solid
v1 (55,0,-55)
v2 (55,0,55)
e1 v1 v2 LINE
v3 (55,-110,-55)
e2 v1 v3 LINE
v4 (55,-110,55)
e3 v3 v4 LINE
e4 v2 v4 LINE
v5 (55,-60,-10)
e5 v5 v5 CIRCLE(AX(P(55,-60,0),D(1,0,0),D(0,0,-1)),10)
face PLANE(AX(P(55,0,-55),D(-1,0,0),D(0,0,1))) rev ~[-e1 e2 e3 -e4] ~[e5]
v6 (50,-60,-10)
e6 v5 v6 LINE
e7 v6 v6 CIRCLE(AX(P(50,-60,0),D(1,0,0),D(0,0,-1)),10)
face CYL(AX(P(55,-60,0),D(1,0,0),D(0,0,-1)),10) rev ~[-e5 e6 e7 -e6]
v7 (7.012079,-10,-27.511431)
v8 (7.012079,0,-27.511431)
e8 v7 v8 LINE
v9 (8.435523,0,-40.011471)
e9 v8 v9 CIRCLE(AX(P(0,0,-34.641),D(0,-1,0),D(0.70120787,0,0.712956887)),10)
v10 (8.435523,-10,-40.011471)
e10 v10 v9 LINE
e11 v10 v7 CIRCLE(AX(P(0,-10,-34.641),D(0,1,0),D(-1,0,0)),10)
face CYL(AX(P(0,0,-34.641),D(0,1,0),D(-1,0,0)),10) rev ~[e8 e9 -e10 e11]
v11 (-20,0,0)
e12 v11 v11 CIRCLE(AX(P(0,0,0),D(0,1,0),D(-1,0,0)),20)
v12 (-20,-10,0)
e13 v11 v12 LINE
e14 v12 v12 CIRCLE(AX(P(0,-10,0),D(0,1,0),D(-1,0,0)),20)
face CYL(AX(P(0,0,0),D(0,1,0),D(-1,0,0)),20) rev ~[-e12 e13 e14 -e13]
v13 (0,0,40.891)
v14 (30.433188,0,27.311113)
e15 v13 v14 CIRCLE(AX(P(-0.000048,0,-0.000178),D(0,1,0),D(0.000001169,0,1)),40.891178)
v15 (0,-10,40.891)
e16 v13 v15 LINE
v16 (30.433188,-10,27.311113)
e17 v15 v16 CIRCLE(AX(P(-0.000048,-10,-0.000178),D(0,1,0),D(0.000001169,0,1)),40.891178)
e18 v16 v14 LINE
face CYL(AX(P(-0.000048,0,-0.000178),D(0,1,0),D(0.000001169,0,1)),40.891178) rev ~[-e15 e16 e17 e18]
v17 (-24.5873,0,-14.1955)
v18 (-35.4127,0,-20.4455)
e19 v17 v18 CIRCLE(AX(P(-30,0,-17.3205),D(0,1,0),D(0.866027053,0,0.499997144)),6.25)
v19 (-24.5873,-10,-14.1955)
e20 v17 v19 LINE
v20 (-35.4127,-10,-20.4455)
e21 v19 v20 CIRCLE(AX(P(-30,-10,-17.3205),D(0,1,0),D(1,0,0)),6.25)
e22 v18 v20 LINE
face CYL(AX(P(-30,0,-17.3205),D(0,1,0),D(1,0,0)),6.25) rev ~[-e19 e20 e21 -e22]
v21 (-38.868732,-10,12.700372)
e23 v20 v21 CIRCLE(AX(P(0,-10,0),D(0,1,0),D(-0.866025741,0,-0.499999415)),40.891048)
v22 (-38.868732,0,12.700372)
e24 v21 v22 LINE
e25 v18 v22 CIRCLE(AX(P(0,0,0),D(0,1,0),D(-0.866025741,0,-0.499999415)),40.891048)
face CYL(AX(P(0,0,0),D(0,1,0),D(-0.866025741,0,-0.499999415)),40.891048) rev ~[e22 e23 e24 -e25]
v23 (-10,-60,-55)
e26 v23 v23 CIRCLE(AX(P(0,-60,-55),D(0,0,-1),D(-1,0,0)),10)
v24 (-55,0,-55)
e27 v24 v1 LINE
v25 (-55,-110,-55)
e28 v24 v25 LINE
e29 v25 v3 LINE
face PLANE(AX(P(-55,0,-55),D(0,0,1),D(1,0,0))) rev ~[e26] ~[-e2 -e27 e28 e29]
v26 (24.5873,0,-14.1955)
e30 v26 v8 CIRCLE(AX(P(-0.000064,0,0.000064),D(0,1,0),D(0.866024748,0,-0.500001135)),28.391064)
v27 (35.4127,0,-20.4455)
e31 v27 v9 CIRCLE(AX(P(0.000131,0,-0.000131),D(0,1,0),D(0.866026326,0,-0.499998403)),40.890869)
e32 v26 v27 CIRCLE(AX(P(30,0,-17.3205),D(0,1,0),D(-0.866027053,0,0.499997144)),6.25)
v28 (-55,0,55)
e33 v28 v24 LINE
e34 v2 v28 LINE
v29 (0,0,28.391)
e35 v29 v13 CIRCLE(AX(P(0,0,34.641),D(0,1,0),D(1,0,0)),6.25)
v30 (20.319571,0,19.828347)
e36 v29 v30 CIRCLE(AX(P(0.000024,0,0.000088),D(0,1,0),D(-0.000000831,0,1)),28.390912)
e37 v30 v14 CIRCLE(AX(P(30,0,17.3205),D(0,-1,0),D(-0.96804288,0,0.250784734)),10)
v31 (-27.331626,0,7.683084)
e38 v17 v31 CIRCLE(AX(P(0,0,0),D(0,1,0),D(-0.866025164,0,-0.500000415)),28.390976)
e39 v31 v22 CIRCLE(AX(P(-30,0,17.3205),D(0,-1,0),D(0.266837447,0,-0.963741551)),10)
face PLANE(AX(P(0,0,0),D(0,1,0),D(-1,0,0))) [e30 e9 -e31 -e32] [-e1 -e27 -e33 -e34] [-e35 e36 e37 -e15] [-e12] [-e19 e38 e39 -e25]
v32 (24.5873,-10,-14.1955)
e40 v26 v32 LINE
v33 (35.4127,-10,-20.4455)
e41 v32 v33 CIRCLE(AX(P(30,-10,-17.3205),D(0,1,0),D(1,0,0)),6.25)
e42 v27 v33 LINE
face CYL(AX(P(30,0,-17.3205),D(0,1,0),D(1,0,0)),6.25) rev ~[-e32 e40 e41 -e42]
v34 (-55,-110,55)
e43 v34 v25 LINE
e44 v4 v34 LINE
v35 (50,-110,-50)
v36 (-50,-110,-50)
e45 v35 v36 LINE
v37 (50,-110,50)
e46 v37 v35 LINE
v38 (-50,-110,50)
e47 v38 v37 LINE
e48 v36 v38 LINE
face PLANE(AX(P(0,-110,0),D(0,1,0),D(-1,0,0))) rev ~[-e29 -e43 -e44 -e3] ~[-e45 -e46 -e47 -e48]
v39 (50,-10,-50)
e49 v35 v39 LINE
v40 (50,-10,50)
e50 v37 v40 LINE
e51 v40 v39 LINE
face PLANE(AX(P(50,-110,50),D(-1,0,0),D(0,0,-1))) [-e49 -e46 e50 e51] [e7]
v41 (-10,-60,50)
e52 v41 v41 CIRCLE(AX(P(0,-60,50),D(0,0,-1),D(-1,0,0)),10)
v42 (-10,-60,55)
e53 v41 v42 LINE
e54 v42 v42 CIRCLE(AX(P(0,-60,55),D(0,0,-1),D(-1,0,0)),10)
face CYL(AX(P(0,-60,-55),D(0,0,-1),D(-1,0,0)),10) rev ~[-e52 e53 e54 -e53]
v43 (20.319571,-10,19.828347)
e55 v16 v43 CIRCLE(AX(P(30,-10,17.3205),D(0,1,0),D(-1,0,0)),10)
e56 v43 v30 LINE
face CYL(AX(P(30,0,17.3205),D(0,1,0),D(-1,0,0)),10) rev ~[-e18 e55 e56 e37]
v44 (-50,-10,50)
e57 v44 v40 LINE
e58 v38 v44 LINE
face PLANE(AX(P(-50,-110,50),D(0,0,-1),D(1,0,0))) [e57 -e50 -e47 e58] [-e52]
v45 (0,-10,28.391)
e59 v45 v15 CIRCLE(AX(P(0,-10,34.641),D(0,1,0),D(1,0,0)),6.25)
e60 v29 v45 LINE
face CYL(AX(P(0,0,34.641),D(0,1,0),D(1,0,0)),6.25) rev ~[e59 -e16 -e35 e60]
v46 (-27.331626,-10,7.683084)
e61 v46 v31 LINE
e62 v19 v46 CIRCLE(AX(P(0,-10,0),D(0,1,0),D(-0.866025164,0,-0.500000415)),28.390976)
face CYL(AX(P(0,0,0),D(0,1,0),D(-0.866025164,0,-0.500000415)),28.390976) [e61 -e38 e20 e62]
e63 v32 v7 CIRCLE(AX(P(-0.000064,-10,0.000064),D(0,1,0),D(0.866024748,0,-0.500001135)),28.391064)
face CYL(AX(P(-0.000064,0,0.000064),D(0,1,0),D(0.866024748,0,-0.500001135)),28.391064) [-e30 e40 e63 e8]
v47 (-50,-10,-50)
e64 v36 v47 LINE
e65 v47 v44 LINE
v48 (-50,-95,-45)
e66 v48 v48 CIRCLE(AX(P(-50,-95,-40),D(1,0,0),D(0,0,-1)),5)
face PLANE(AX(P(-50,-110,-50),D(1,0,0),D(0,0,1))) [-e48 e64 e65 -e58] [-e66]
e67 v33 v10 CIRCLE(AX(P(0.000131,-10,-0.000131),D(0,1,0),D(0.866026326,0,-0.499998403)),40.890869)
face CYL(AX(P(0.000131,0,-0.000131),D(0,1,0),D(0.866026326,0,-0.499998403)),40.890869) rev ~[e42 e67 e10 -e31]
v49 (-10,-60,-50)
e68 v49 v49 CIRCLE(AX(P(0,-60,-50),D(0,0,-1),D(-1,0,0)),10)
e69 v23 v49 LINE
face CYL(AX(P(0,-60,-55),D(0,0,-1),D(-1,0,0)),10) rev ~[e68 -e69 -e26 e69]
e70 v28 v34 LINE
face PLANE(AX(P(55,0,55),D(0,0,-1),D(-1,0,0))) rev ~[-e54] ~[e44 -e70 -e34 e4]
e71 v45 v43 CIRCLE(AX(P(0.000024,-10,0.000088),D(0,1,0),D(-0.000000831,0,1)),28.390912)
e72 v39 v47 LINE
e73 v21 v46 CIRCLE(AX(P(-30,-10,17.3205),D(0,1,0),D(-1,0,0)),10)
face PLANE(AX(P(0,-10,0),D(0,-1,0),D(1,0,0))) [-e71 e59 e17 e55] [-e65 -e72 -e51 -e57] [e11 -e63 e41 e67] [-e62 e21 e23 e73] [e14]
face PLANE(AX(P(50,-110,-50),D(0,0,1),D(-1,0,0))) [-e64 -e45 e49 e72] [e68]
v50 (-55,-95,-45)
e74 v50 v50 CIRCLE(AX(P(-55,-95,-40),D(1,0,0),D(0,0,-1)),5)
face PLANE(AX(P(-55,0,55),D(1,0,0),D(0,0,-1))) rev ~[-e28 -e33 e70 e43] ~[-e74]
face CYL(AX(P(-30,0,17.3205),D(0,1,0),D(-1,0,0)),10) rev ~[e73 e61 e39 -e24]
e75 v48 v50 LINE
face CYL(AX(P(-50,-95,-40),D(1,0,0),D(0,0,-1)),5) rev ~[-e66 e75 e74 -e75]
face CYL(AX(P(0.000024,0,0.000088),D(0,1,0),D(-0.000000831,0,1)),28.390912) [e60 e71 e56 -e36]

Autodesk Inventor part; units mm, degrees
ref_plane "YZ Plane" through (0, 0, 0) normal (1, 0, 0) x (0, 1, 0)
ref_plane "XZ Plane" through (0, 0, 0) normal (0, 1, 0) x (-1, 0, 0)
ref_plane "XY Plane" through (0, 0, 0) normal (0, 0, 1) x (1, 0, 0)
sketch "Sketch1" plane through (0, 0, 0) normal (0, 1, 0) x (-1, 0, 0)
  line L0 (0, -34.641) -> (30, 17.3205) construction
  line L1 (30, 17.3205) -> (-30, 17.3205) construction
  line L2 (-30, 17.3205) -> (0, -34.641) construction
  circle A0 centre (0, 0) radius 34.641 construction
  circle A1 centre (0, -34.641) radius 10
  circle A2 centre (-30, 17.3205) radius 10
  circle A3 centre (30, 17.3205) radius 10
  circle A4 centre (0, 0) radius 20
  line L3 (55, -55) -> (-55, -55)
  line L4 (-55, -55) -> (-55, 55)
  line L5 (-55, 55) -> (55, 55)
  line L6 (55, 55) -> (55, -55)
  circle A5 centre (0, 0) radius 45 construction
  point P0 (0, -55)
  point P1 (55, 0)
  dimension "d0" = 60
  dimension "d1" = 20
  dimension "d2" = 40
  dimension "d3" = 90
  dimension "d4" = 55
extrude "Extrusion1" add sketch "Sketch1" against normal blind 110
sketch "Sketch2" plane through (0, 0, 0) normal (0, 1, 0) x (1, 0, 0)
  circle A0 centre (0, 0) radius 20 projected
  circle A1 centre (-30, -17.3205) radius 10 projected
  circle A2 centre (30, -17.3205) radius 10 projected
  circle A3 centre (0, 34.641) radius 10 projected
  line L0 (-55, 55) -> (55, 55) projected
  line L1 (-55, -55) -> (-55, 55) projected
  line L2 (55, -55) -> (-55, -55) projected
  line L3 (55, 55) -> (55, -55) projected
  circle A4 centre (0, 34.641) radius 6.25
  circle A5 centre (-30, 17.3205) radius 6.25
  circle A6 centre (-30, -17.3205) radius 6.25
  circle A7 centre (0, -34.641) radius 6.25
  circle A8 centre (30, -17.3205) radius 6.25
  circle A9 centre (30, 17.3205) radius 6.25
  arc A10 (-35.4127, 20.4455) -> (-35.4127, -20.4455) centre (0, 0) ccw
  arc A11 (-24.5873, 14.1955) -> (-24.5873, -14.1955) centre (0, 0) ccw
  arc A12 (0, -40.891) -> (35.4127, -20.4455) centre (0, 0) ccw
  arc A13 (35.4127, 20.4455) -> (0, 40.891) centre (0, 0) ccw
  arc A14 (0, -28.391) -> (24.5873, -14.1955) centre (0, 0) ccw
  arc A15 (24.5873, 14.1955) -> (0, 28.391) centre (0, 0) ccw
  dimension "d7" = 12.5
  dimension "d10" = 360
extrude "Extrusion2" cut sketch "Sketch2" against normal through all contours A11 A6 A10 A1 | A1 A10 A5 A11 | A5 | A14 A8 A12 A2 | A2 A12 A7 A14 | A7 | A3 A15 A4 A13 | A3 A13 A9 A15 | A9 picked at (-34.5635, -9.9186) picked at (25.4365, -24.7224) picked at (8.6846, 33.9839)
sketch "Sketch3" plane through (0, -110, 0) normal (0, -1, 0) x (1, 0, 0)
  line L0 (-55, -55) -> (55, -55) projected
  line L1 (55, -55) -> (55, 55) projected
  line L2 (55, 55) -> (-55, 55) projected
  line L3 (-55, 55) -> (-55, -55) projected
  arc A0 (7.0121, -27.5115) -> (24.5873, -14.1955) centre (0, 0) ccw projected
  arc A1 (35.4127, -20.4455) -> (24.5873, -14.1955) centre (30, -17.3205) ccw projected
  arc A2 (8.4355, -40.0115) -> (35.4127, -20.4455) centre (0, 0) ccw projected
  arc A3 (7.0121, -27.5115) -> (8.4355, -40.0115) centre (0, -34.641) ccw projected
  arc A4 (20.3196, 19.8284) -> (0, 28.391) centre (0, 0) ccw projected
  arc A5 (0, 40.891) -> (0, 28.391) centre (0, 34.641) ccw projected
  arc A6 (30.4332, 27.3111) -> (0, 40.891) centre (0, 0) ccw projected
  arc A7 (20.3196, 19.8284) -> (30.4332, 27.3111) centre (30, 17.3205) ccw projected
  arc A8 (-27.3317, 7.6831) -> (-24.5873, -14.1955) centre (0, 0) ccw projected
  arc A9 (-35.4127, -20.4455) -> (-24.5873, -14.1955) centre (-30, -17.3205) ccw projected
  arc A10 (-38.8687, 12.7003) -> (-35.4127, -20.4455) centre (0, 0) ccw projected
  arc A11 (-27.3317, 7.6831) -> (-38.8687, 12.7003) centre (-30, 17.3205) ccw projected
  circle A12 centre (0, 0) radius 20 projected
  line L4 (-50, 50) -> (50, 50)
  line L5 (50, 50) -> (50, -50)
  line L6 (50, -50) -> (-50, -50)
  line L7 (-50, -50) -> (-50, 50)
  dimension "d14" = 5
extrude "Extrusion3" cut sketch "Sketch3" against normal blind 100 contours A0 A1 A2 A3 | A4 A5 A6 A7 | A8 A9 A10 A11 | A12 | L4 L5 L6 L7
sketch "Sketch5" plane through (55, 0, -55) normal (0, 0, -1) x (-1, 0, 0)
  circle A0 centre (55, -60) radius 10
  line L0 (110, -110) -> (0, -110) projected
  line L1 (110, 0) -> (0, 0) projected
  point P0 (55, 0)
  point P1 (55, -110)
  dimension "d17" = 60
  dimension "d20" = 20
extrude "Extrusion4" cut sketch "Sketch5" against normal through all
sketch "Sketch6" plane through (55, 0, 55) normal (1, 0, 0) x (0, 0, -1)
  circle A0 centre (55, -60) radius 10
  line L0 (110, -110) -> (0, -110) projected
  line L1 (110, 0) -> (0, 0) projected
  point P0 (55, 0)
  point P1 (55, -110)
  dimension "d21" = 20
  dimension "d22" = 60
extrude "Extrusion5" cut sketch "Sketch6" against normal up to next
sketch "Sketch7" plane through (-50, -110, 50) normal (1, 0, 0) x (0, 0, -1)
  circle A0 centre (90, 15) radius 5
  line L0 (105, 110) -> (105, 0) projected
  line L1 (-5, 0) -> (105, 0) projected
  point P0 (50, 110)
  dimension "d25" = 10
  dimension "d26" = 15
  dimension "d27" = 15
extrude "Extrusion6" cut sketch "Sketch7" against normal through all
properties part number "Case1" material "Steel, Mild, Welded"
